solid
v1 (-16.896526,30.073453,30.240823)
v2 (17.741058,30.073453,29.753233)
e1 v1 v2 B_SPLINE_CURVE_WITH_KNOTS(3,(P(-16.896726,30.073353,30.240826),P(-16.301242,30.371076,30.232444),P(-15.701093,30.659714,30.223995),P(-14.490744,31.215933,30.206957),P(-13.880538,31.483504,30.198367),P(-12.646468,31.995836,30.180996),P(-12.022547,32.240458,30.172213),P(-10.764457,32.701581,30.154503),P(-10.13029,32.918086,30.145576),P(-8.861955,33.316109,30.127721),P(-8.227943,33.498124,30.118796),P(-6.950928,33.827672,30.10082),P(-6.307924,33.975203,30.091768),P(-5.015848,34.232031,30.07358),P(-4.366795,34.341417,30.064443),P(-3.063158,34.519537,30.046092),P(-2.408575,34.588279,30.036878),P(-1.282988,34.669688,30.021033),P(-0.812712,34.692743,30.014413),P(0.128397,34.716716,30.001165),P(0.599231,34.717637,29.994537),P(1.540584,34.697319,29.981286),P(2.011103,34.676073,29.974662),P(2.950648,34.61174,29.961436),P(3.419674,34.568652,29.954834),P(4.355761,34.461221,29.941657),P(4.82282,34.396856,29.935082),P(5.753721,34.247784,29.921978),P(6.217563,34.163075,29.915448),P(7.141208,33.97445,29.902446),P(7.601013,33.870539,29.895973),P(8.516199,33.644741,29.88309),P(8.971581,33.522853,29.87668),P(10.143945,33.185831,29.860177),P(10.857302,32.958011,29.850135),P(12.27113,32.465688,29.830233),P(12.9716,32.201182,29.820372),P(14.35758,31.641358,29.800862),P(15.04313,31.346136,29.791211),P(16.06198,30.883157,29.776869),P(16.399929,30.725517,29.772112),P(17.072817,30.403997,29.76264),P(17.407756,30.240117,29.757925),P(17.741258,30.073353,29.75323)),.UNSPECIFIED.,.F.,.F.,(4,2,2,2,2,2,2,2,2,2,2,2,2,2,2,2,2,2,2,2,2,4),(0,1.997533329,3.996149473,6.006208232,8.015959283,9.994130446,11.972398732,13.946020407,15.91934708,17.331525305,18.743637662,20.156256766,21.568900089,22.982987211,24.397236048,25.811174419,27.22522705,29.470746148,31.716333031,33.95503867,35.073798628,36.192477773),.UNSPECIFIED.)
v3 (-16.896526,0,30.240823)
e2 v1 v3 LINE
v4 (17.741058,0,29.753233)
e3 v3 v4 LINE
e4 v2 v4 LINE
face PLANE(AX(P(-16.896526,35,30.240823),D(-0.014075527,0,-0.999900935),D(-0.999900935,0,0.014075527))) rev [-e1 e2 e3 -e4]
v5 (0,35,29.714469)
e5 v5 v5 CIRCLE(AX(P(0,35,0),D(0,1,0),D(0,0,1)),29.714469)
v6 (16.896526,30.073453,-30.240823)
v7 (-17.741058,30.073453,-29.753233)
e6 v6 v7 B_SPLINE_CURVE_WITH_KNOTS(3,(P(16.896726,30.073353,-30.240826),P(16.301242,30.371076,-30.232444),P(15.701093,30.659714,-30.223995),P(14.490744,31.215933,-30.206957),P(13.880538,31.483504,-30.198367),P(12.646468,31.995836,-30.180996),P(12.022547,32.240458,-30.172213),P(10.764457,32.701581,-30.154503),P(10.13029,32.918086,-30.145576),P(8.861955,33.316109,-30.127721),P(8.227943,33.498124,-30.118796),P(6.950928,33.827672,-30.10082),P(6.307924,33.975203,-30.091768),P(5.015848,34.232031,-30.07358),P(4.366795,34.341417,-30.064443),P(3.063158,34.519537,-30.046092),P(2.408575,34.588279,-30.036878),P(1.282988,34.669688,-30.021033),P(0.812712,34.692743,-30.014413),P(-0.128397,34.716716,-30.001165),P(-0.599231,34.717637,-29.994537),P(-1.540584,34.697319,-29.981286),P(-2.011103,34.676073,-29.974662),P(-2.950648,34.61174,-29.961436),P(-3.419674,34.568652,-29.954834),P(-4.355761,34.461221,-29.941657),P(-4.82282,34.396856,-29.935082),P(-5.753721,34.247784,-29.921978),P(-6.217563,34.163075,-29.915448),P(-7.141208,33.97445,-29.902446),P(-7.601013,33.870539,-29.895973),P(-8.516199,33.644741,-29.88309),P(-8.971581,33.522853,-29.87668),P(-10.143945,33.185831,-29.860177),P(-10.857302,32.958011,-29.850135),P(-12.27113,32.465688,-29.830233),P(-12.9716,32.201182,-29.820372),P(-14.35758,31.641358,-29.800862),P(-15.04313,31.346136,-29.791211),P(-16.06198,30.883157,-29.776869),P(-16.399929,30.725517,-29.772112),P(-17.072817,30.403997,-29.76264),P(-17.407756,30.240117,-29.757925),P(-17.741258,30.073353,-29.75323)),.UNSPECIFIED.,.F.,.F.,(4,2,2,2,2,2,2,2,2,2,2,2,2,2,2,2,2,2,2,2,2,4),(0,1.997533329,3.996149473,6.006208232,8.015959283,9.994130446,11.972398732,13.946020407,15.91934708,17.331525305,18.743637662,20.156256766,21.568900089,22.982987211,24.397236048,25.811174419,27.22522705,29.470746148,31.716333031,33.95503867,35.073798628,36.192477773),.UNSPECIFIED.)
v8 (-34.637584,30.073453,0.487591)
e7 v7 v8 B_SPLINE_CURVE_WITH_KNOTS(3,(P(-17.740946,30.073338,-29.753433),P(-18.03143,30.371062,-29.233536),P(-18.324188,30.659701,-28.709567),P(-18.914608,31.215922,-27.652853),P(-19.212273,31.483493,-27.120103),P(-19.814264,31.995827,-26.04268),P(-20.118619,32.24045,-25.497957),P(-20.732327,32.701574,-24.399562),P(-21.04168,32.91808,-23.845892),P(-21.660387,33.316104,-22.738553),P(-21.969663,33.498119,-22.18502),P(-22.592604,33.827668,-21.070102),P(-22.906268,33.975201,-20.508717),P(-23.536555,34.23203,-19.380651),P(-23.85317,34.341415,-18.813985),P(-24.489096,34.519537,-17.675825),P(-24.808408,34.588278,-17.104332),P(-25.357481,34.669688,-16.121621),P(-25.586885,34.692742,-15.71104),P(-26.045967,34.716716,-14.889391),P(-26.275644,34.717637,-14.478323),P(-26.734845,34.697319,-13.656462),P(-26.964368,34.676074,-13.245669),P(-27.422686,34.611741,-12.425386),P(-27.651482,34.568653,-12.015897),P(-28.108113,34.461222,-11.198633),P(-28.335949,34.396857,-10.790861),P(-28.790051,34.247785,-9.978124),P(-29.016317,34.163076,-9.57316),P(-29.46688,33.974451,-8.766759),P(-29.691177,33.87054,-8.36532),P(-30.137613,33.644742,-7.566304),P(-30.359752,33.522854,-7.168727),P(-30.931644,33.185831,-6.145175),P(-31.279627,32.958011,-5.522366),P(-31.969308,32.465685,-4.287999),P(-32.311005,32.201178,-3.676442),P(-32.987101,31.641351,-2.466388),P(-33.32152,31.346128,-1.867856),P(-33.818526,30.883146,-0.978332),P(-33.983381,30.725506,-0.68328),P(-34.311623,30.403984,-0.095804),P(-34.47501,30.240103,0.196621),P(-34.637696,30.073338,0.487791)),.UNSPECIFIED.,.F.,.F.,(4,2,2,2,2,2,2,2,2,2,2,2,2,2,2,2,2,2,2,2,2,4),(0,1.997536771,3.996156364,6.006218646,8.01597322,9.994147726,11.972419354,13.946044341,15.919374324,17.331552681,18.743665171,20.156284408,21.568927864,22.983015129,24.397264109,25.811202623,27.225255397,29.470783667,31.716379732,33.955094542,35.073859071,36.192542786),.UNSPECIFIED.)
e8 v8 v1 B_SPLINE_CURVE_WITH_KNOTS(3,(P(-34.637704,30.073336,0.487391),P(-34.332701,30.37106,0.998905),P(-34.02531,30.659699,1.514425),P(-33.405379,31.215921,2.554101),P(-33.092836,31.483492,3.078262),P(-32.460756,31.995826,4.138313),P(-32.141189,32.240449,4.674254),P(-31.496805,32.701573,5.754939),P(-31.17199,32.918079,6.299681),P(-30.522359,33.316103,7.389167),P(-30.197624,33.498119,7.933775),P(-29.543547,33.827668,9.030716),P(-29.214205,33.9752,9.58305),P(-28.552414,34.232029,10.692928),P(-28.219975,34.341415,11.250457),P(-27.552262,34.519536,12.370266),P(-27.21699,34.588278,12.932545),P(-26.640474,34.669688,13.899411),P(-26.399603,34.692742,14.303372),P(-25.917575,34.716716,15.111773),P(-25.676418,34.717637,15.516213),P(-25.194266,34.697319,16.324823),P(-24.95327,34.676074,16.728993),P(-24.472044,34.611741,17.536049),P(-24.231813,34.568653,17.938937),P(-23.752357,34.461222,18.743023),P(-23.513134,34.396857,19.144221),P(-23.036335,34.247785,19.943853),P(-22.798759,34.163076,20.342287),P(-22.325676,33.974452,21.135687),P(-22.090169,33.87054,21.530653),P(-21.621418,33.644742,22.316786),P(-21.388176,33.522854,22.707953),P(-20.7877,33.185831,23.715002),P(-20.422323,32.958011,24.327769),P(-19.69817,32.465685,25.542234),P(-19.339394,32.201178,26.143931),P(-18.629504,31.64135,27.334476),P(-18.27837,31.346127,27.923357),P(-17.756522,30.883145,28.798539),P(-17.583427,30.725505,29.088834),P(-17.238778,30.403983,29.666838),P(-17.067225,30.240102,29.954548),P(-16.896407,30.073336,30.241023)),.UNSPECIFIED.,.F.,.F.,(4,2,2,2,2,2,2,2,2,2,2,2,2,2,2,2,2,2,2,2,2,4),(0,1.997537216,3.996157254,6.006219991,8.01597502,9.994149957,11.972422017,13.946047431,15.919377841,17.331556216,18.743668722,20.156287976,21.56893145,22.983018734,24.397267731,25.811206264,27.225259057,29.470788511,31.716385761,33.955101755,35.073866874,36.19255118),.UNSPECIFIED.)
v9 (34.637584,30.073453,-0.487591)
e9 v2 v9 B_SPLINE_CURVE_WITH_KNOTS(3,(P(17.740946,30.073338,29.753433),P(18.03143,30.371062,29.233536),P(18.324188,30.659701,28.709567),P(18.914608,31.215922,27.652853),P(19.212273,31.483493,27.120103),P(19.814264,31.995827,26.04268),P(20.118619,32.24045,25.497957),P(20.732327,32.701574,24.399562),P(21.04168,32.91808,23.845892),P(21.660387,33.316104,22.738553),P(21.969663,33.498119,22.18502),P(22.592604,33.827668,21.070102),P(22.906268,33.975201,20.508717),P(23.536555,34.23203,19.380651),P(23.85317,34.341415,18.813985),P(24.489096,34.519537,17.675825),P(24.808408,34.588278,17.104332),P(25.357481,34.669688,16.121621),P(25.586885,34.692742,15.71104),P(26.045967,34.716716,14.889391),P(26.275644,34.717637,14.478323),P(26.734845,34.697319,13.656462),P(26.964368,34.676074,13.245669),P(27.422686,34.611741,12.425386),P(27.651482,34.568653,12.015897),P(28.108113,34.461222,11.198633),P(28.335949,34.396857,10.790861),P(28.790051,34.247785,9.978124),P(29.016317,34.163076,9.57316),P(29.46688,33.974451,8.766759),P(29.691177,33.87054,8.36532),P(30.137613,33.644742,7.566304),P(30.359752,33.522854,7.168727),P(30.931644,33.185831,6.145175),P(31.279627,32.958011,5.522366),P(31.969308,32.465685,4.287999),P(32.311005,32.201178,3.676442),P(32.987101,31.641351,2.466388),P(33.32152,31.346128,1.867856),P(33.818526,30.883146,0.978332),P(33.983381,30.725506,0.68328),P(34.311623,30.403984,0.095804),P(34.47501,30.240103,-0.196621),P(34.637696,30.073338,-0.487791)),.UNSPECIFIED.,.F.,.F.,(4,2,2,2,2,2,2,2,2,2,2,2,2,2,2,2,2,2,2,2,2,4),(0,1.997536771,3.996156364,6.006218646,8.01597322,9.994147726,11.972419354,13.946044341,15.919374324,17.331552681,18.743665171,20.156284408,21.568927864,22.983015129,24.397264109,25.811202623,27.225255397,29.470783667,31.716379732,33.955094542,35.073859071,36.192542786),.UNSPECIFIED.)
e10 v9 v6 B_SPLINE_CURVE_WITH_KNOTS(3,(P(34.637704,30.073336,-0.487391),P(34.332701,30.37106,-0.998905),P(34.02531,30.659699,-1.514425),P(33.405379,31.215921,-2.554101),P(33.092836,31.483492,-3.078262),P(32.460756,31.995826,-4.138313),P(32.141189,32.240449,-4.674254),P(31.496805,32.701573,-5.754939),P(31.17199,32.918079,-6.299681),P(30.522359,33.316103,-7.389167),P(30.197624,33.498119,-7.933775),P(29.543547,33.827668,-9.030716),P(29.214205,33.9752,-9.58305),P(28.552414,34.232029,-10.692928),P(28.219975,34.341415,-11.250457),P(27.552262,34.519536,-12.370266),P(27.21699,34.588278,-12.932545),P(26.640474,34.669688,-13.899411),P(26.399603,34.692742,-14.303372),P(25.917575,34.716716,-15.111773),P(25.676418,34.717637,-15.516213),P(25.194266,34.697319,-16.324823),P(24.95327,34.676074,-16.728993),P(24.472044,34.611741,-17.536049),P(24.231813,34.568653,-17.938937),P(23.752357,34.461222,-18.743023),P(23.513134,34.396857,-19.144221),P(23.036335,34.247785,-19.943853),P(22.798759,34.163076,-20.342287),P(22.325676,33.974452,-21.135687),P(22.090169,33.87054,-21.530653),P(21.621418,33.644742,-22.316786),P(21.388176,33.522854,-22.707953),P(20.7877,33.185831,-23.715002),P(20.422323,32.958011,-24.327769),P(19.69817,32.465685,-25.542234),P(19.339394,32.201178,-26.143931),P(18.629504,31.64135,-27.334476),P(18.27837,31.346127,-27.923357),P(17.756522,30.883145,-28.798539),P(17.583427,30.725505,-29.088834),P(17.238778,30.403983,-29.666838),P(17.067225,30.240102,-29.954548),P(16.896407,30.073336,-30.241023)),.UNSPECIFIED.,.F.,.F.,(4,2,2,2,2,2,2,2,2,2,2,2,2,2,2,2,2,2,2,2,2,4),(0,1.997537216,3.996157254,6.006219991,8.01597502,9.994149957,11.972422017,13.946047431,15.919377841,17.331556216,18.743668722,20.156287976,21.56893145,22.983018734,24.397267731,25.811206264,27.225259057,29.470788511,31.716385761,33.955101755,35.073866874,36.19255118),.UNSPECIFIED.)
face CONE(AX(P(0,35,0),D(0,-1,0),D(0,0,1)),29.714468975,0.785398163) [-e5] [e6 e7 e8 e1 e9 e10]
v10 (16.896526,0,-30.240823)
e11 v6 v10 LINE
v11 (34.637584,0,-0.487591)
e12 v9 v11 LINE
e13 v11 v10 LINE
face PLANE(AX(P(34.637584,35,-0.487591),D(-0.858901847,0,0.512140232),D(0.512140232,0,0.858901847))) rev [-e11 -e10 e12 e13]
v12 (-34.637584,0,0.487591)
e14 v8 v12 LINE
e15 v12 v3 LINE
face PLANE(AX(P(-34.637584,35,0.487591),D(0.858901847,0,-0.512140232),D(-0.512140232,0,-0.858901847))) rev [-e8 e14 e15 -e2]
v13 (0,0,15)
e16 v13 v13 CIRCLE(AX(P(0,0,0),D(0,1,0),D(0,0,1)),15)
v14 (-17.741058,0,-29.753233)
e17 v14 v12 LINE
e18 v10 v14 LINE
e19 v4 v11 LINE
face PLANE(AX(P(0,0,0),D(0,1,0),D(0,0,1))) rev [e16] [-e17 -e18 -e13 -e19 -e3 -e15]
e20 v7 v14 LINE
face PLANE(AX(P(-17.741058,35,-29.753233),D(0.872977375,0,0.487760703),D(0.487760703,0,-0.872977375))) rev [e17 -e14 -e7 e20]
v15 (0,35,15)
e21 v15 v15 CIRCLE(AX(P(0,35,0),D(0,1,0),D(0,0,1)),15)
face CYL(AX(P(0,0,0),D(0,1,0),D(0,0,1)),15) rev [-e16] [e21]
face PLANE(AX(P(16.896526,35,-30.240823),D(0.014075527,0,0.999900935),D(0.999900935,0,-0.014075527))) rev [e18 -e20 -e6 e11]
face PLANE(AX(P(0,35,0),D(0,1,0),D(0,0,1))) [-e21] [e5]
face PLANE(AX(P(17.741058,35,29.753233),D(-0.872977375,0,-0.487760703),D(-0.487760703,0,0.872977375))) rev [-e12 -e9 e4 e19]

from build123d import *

# Parameters (mm, degrees)
BOSS_EXTRUDE1_DEPTH = 35
SKETCH2_R           = 15
CUT_EXTRUDE1_DEPTH  = 58.786414072
SKETCH6_OUTSIDE_W   = 110.956
SKETCH6_OUTSIDE_H   = 102.162
SKETCH6_OUTSIDE_R   = 29.714468975
CUT_EXTRUDE5_DEPTH  = 10
CUT_EXTRUDE5_DRAFT  = -45


with BuildPart() as part:
    # Sketch1 → Boss-Extrude1 (new body)
    with BuildSketch(Plane(origin=(0, 0, 0), x_dir=(1, 0, 0), z_dir=(0, 1, 0))):
        Polygon((17.741058042, -29.753232758), (34.637584434, 0.487590575), (16.896526392, 30.240823333), (-17.741058042, 29.753232758), (-34.637584434, -0.487590575), (-16.896526392, -30.240823333), align=None)
    extrude(amount=BOSS_EXTRUDE1_DEPTH)

    # Sketch2 → Cut-Extrude1 (cut, through all)
    with BuildSketch(Plane(origin=(0, 35, 0), x_dir=(1, 0, 0), z_dir=(0, 1, 0))):
        with Locations(Location((0, 0, 0), (0, 0, 270))):
            Circle(SKETCH2_R)
    extrude(amount=-CUT_EXTRUDE1_DEPTH, mode=Mode.SUBTRACT)


with BuildPart() as cut_extrude5_tool:
    # Sketch6 outside → Cut-Extrude5 (with draft: the straight prism first)
    with BuildSketch(Plane(origin=(0, 35, 0), x_dir=(1, 0, 0), z_dir=(0, 1, 0))):
        Rectangle(SKETCH6_OUTSIDE_W, SKETCH6_OUTSIDE_H)
        Circle(SKETCH6_OUTSIDE_R, mode=Mode.SUBTRACT)
    extrude(amount=-CUT_EXTRUDE5_DEPTH)
    # Cut-Extrude5: the draft: its side faces are tilted about the plane it starts from
    cut_extrude5_sides = [cut_extrude5_tool.faces().sort_by_distance(p)[0] for p in [
        (0, 30, 51.081),
        (55.478, 30, 0),
        (0, 30, -51.081),
        (-55.478, 30, 0),
        (-29.714468975, 30, 0),
    ]]
    draft(cut_extrude5_sides, Plane(origin=(0, 35, 0), x_dir=(1, 0, 0), z_dir=(0, 1, 0)), CUT_EXTRUDE5_DRAFT)


with BuildPart() as part_1:
    add(part.part)

    # Cut-Extrude5: cut by cut_extrude5_tool
    add(cut_extrude5_tool.part, mode=Mode.SUBTRACT)


solid = part_1.part
